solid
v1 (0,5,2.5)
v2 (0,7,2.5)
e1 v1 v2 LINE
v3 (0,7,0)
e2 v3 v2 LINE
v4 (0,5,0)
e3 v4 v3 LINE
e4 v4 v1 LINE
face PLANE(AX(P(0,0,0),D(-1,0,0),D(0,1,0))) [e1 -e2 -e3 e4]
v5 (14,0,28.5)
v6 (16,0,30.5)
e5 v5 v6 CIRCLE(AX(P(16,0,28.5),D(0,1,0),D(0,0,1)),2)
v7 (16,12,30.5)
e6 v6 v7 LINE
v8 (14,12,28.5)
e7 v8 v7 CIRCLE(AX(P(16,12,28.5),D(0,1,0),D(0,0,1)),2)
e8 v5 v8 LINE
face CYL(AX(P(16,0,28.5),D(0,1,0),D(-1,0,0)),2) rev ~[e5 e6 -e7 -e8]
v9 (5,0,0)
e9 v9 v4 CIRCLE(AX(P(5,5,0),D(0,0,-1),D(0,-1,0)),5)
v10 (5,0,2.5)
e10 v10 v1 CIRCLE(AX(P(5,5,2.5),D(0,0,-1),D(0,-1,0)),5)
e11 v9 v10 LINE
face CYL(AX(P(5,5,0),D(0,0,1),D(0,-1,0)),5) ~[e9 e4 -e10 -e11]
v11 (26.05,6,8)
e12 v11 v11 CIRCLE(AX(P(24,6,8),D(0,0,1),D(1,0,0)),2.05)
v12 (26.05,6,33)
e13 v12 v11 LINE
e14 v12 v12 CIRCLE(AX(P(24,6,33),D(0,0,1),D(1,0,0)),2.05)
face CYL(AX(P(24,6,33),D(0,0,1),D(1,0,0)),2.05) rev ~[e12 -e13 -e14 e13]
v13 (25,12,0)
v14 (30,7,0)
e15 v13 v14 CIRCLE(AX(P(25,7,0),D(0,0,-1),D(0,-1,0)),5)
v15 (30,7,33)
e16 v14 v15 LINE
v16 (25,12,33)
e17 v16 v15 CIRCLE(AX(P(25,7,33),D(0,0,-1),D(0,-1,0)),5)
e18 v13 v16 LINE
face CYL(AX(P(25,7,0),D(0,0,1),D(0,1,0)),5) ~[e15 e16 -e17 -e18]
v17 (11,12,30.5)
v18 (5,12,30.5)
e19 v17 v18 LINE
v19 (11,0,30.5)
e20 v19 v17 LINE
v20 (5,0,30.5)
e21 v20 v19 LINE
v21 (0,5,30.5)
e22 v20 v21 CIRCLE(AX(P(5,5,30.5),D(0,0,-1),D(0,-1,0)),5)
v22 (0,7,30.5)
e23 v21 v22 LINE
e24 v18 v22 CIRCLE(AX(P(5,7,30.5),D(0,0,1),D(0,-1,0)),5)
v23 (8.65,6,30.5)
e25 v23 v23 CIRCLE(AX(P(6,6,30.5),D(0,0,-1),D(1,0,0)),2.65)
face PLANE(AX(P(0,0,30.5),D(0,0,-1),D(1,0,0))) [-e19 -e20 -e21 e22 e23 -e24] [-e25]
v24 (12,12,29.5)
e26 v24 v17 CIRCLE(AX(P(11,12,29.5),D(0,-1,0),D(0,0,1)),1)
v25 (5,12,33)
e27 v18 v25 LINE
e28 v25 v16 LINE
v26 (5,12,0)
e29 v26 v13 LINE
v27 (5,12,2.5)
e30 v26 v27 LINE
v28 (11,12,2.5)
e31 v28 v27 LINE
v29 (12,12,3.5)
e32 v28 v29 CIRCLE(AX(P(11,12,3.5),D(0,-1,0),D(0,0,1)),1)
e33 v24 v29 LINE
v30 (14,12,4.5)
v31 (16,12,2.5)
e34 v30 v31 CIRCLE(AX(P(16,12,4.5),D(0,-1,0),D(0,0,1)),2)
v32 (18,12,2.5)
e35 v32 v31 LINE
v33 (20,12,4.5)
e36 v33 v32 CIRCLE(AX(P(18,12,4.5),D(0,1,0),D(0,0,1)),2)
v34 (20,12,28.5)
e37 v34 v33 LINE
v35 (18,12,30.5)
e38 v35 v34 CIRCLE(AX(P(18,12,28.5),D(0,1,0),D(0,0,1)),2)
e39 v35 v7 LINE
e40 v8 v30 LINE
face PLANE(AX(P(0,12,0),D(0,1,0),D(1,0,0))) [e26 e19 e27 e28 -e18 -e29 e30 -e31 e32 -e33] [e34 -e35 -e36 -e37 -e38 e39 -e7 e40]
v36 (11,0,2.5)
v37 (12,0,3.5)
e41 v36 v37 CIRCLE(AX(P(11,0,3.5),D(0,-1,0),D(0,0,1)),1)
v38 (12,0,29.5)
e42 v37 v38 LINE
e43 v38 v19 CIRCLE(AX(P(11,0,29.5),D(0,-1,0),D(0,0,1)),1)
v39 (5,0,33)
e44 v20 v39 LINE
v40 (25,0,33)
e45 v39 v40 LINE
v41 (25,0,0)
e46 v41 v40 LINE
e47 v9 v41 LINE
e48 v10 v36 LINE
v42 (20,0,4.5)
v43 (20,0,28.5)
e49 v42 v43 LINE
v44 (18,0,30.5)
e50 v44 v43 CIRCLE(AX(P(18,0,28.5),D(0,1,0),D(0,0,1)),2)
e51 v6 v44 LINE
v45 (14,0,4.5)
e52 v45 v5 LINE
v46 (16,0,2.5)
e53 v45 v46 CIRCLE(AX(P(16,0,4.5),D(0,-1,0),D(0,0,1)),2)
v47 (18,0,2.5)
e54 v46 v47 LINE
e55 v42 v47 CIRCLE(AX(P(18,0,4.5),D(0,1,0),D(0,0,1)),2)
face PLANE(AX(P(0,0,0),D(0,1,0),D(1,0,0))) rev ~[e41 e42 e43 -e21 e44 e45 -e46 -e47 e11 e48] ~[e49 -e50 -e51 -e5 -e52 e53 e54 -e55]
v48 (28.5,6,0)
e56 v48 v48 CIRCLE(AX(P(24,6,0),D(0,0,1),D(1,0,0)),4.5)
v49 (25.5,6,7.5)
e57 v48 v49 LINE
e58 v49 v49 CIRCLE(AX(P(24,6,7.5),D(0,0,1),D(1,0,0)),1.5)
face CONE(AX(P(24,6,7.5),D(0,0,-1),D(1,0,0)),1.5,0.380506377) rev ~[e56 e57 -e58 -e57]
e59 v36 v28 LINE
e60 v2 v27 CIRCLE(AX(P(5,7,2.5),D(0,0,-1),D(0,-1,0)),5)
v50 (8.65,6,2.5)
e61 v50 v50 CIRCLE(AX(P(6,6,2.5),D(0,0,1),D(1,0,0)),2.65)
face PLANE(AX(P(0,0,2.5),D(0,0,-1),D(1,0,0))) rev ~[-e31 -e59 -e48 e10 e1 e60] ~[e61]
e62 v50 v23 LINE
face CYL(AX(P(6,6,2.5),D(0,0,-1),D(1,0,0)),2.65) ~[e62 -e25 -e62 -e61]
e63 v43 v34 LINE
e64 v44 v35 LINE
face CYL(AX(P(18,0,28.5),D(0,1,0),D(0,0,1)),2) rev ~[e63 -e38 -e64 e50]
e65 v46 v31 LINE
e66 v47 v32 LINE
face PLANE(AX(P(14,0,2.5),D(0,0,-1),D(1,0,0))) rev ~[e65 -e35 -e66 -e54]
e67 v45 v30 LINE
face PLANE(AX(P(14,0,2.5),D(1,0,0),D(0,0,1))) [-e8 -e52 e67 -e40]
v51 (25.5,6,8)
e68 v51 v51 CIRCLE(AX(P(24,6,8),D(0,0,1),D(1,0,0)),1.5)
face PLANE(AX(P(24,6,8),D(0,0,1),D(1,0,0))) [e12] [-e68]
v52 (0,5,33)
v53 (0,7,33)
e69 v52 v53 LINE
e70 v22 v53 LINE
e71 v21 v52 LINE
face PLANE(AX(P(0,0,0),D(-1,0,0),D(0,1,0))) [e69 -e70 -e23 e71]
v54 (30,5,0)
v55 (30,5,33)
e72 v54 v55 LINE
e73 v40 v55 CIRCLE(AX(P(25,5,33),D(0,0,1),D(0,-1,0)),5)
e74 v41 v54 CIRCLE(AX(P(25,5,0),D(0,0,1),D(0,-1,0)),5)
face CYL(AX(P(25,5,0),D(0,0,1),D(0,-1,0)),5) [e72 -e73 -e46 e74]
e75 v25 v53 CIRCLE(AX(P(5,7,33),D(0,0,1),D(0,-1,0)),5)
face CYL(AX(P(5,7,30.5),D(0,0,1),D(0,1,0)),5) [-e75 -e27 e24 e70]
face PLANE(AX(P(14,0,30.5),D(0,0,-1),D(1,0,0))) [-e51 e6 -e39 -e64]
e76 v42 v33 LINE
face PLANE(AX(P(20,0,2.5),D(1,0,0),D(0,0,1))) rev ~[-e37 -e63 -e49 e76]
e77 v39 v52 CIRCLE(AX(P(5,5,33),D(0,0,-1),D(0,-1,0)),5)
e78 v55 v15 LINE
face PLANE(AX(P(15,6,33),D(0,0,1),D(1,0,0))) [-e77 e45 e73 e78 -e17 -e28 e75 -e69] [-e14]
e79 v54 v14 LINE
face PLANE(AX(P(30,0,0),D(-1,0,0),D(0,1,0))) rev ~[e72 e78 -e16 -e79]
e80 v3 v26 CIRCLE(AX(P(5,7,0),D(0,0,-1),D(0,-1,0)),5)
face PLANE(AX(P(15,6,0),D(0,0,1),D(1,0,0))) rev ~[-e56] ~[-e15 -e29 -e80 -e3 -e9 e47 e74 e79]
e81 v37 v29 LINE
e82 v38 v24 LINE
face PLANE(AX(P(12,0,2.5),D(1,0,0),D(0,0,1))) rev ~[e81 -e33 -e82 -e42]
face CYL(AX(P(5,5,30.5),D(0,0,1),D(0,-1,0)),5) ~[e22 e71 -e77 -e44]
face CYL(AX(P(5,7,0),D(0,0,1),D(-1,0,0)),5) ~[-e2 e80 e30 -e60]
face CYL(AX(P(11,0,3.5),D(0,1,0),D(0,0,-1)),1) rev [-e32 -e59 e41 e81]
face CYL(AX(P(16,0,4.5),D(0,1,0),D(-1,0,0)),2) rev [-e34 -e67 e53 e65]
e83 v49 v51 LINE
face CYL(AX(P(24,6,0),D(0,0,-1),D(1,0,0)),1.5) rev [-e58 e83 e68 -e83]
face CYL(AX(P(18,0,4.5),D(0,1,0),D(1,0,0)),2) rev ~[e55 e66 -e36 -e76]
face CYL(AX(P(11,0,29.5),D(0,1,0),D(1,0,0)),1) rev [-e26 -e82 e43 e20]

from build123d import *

# Parameters (mm, degrees)
F0_W      = 30
F0_H      = 12
F0_R      = 1.5
F1_DEPTH  = 33
F2_W      = 12
F2_H      = 28
F3_DEPTH  = 25
F4_R      = 2.65
F5_DEPTH  = 28.5
F6_R      = 5
F7_R      = 1
F8_R      = 2.05
F8_R_2    = 1.5
F9_DEPTH  = 25
F10_SIZE2 = 7.5
F10_SIZE  = 3
F11_W     = 6
F11_H     = 28
F12_DEPTH = 25
F13_R     = 2


with BuildPart() as f1:
    # F0 (on Top) → F1 (new body)
    with BuildSketch(Plane.XY):
        with Locations((15, 6)):
            Rectangle(F0_W, F0_H)
        with Locations((24, 6)):
            Circle(F0_R, mode=Mode.SUBTRACT)
    extrude(amount=F1_DEPTH)

    # F2 (on face) → F3 (cut)
    with BuildSketch(Plane.XZ):
        with Locations((6, 16.5)):
            Rectangle(F2_W, F2_H)
    extrude(amount=-F3_DEPTH, mode=Mode.SUBTRACT)

    # F4 (on face) → F5 (join)
    with BuildSketch(Plane.XY.offset(2.5)):
        with Locations((6, 6)):
            Circle(F4_R)
    extrude(amount=F5_DEPTH)

    # F6
    f6_edges = [f1.edges().sort_by_distance(p)[0] for p in [
        (0, 0, 1.25),
        (0, 0, 31.75),
        (0, 12, 1.25),
        (0, 12, 31.75),
        (30, 0, 16.5),
        (30, 12, 16.5),
    ]]
    fillet(f6_edges, radius=F6_R)

    # F7
    f7_edges = [f1.edges().sort_by_distance(p)[0] for p in [
        (12, 6, 2.5),
        (12, 6, 30.5),
    ]]
    fillet(f7_edges, radius=F7_R)

    # F8 (on face) → F9 (cut)
    with BuildSketch(Plane.XY.offset(33)):
        with Locations((24, 6)):
            Circle(F8_R)
        with Locations((24, 6)):
            Circle(F8_R_2, mode=Mode.SUBTRACT)
    extrude(amount=-F9_DEPTH, mode=Mode.SUBTRACT)

    # F10
    f10_edges = [f1.edges().sort_by_distance(p)[0] for p in [
        (22.5, 6, 0),
    ]]
    chamfer(f10_edges, length=F10_SIZE, length2=F10_SIZE2)

    # F11 (on face) → F12 (cut)
    with BuildSketch(Plane.XZ):
        with Locations((17, 16.5)):
            Rectangle(F11_W, F11_H)
    extrude(amount=-F12_DEPTH, mode=Mode.SUBTRACT)

    # F13
    f13_edges = [f1.edges().sort_by_distance(p)[0] for p in [
        (14, 6, 30.5),
        (20, 6, 30.5),
        (14, 6, 2.5),
        (20, 6, 2.5),
    ]]
    fillet(f13_edges, radius=F13_R)


solid = f1.part
